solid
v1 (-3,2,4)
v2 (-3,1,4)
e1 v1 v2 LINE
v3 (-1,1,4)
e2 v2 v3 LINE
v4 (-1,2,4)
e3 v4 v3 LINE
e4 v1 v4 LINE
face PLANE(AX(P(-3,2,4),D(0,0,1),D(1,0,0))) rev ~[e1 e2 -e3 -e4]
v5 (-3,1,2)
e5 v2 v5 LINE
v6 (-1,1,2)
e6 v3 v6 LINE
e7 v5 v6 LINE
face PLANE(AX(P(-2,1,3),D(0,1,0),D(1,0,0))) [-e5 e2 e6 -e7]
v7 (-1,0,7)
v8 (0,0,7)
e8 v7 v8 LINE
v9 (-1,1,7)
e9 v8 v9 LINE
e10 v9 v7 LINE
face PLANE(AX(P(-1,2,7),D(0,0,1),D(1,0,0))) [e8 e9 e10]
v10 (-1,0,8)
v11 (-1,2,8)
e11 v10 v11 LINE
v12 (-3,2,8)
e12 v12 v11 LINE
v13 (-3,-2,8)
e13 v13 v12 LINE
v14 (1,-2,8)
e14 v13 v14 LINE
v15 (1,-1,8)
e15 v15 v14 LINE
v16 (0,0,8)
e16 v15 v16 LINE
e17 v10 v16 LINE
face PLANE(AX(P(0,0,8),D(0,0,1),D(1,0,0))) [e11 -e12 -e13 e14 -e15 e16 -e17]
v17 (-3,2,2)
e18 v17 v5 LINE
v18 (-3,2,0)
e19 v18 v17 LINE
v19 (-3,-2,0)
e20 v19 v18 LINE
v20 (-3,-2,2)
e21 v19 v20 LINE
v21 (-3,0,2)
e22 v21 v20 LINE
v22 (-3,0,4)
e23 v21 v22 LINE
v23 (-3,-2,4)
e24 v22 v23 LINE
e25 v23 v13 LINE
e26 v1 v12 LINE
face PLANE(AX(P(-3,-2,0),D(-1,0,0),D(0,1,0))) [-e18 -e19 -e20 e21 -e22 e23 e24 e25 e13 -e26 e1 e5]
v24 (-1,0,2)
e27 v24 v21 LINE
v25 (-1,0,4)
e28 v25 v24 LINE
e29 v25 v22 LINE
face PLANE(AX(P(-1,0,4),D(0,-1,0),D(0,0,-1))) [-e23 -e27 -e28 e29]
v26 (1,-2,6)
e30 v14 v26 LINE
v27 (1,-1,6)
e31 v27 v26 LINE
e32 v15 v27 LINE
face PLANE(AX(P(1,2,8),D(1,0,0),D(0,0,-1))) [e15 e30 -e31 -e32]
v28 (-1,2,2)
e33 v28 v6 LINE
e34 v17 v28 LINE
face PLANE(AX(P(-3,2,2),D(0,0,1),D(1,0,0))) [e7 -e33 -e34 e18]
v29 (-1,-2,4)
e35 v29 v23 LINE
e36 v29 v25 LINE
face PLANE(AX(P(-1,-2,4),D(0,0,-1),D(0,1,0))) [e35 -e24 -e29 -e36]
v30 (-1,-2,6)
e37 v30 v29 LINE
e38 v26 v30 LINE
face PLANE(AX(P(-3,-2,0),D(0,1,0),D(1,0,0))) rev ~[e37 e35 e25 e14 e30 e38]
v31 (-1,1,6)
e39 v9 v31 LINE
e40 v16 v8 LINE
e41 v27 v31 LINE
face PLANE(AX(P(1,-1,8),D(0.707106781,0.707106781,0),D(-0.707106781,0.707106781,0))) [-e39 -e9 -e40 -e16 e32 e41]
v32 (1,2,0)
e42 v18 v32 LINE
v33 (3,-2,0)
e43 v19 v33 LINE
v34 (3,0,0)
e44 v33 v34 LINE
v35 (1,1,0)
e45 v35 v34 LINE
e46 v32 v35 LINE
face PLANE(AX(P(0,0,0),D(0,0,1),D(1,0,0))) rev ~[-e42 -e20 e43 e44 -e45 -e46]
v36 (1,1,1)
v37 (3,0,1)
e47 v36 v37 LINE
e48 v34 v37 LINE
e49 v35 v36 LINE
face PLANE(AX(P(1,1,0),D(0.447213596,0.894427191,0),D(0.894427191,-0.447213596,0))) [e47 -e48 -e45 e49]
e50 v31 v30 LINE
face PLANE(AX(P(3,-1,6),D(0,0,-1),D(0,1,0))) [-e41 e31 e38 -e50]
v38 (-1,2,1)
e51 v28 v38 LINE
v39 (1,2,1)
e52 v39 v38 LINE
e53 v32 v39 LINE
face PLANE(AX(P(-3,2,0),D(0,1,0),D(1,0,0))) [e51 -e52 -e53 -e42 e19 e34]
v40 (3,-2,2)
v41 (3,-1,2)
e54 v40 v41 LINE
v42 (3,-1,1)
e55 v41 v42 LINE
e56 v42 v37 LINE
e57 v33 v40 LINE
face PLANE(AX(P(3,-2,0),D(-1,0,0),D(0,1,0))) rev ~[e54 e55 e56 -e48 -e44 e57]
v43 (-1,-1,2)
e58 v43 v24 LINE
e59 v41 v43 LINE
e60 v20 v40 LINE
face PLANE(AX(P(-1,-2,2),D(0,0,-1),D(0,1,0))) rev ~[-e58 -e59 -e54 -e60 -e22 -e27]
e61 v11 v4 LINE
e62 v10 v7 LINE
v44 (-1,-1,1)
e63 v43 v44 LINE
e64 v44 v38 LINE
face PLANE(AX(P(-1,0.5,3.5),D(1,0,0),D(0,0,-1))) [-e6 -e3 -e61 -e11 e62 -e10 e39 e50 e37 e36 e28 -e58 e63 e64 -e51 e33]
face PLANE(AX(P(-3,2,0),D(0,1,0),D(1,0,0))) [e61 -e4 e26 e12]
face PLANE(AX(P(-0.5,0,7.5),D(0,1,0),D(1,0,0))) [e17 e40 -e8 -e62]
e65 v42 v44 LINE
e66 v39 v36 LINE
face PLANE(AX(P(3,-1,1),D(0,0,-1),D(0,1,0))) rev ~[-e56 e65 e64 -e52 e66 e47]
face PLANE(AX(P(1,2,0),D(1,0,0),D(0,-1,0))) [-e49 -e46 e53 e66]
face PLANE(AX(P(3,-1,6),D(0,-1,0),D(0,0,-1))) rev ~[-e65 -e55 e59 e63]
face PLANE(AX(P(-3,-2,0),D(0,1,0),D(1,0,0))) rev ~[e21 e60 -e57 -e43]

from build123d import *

# Parameters (mm, degrees)
SKETCH1_W           = 6
SKETCH1_H           = 4
BOSS_EXTRUDE1_DEPTH = 8
SKETCH2_W           = 2
SKETCH2_H           = 2
CUT_EXTRUDE1_DEPTH  = 1
SKETCH4_W           = 5
SKETCH4_H           = 3
CUT_EXTRUDE13_DEPTH = 4
SKETCH5_W           = 4
SKETCH5_H           = 1
CUT_EXTRUDE14_DEPTH = 4
SKETCH6_W           = 2
SKETCH6_H           = 2
CUT_EXTRUDE15_DEPTH = 3
CUT_EXTRUDE16_DEPTH = 1
SKETCH8_W           = 1
SKETCH8_H           = 1
CUT_EXTRUDE17_DEPTH = 2
SKETCH10_W          = 2
SKETCH10_H          = 2
CUT_EXTRUDE18_DEPTH = 5
SKETCH12_W          = 2
SKETCH12_H          = 1
CUT_EXTRUDE19_DEPTH = 2
CUT_EXTRUDE20_DEPTH = 2


with BuildPart() as part:
    # Sketch1 → Boss-Extrude1 (new body)
    with BuildSketch(Plane.XY):
        Rectangle(SKETCH1_W, SKETCH1_H)
    extrude(amount=BOSS_EXTRUDE1_DEPTH)

    # Sketch2 → Cut-Extrude1 (cut)
    with BuildSketch(Plane(origin=(0, 2, 0), x_dir=(1, 0, 0), z_dir=(0, 1, 0))):
        with Locations((-2, -3)):
            Rectangle(SKETCH2_W, SKETCH2_H)
    extrude(amount=-CUT_EXTRUDE1_DEPTH, mode=Mode.SUBTRACT)

    # Sketch4 → Cut-Extrude13 (cut)
    with BuildSketch(Plane(origin=(3, 0, 0), x_dir=(0, 0, -1), z_dir=(1, 0, 0))):
        with Locations((-3.5, 0.5)):
            Rectangle(SKETCH4_W, SKETCH4_H)
    extrude(amount=-CUT_EXTRUDE13_DEPTH, mode=Mode.SUBTRACT)

    # Sketch5 → Cut-Extrude14 (cut)
    with BuildSketch(Plane(origin=(3, 0, 0), x_dir=(0, 0, -1), z_dir=(1, 0, 0))):
        with Locations((-4, -1.5)):
            Rectangle(SKETCH5_W, SKETCH5_H)
    extrude(amount=-CUT_EXTRUDE14_DEPTH, mode=Mode.SUBTRACT)

    # Sketch6 → Cut-Extrude15 (cut, through all)
    with BuildSketch(Plane(origin=(-1, 0, 0), x_dir=(0, 0, -1), z_dir=(1, 0, 0))):
        with Locations((-3, -1)):
            Rectangle(SKETCH6_W, SKETCH6_H)
    extrude(amount=-CUT_EXTRUDE15_DEPTH, mode=Mode.SUBTRACT)

    # Sketch7 → Cut-Extrude16 (cut)
    with BuildSketch(Plane(origin=(0, 0, 0), x_dir=(-1, 0, 0), z_dir=(0, 0, -1))):
        Polygon((-1, 2), (-1, 1), (-3, 0), (-3, 2), align=None)
    extrude(amount=-CUT_EXTRUDE16_DEPTH, mode=Mode.SUBTRACT)

    # Sketch8 → Cut-Extrude17 (cut)
    with BuildSketch(Plane(origin=(0, 2, 0), x_dir=(1, 0, 0), z_dir=(0, 1, 0))):
        with Locations((-0.5, -7.5)):
            Rectangle(SKETCH8_W, SKETCH8_H)
    extrude(amount=-CUT_EXTRUDE17_DEPTH, mode=Mode.SUBTRACT)

    # Sketch10 → Cut-Extrude18 (cut, through all)
    with BuildSketch(Plane(origin=(0, 2, 0), x_dir=(1, 0, 0), z_dir=(0, 1, 0))):
        with Locations((2, -7)):
            Rectangle(SKETCH10_W, SKETCH10_H)
    extrude(amount=-CUT_EXTRUDE18_DEPTH, mode=Mode.SUBTRACT)

    # Sketch12 → Cut-Extrude19 (cut)
    with BuildSketch(Plane(origin=(1, 0, 0), x_dir=(0, 0, -1), z_dir=(1, 0, 0))):
        with Locations((-7, 1.5)):
            Rectangle(SKETCH12_W, SKETCH12_H)
    extrude(amount=-CUT_EXTRUDE19_DEPTH, mode=Mode.SUBTRACT)

    # Sketch13 → Cut-Extrude20 (cut)
    with BuildSketch(Plane.XY.offset(8)):
        Polygon((1, -1), (-1, 1), (1, 1), align=None)
    extrude(amount=-CUT_EXTRUDE20_DEPTH, mode=Mode.SUBTRACT)


solid = part.part
